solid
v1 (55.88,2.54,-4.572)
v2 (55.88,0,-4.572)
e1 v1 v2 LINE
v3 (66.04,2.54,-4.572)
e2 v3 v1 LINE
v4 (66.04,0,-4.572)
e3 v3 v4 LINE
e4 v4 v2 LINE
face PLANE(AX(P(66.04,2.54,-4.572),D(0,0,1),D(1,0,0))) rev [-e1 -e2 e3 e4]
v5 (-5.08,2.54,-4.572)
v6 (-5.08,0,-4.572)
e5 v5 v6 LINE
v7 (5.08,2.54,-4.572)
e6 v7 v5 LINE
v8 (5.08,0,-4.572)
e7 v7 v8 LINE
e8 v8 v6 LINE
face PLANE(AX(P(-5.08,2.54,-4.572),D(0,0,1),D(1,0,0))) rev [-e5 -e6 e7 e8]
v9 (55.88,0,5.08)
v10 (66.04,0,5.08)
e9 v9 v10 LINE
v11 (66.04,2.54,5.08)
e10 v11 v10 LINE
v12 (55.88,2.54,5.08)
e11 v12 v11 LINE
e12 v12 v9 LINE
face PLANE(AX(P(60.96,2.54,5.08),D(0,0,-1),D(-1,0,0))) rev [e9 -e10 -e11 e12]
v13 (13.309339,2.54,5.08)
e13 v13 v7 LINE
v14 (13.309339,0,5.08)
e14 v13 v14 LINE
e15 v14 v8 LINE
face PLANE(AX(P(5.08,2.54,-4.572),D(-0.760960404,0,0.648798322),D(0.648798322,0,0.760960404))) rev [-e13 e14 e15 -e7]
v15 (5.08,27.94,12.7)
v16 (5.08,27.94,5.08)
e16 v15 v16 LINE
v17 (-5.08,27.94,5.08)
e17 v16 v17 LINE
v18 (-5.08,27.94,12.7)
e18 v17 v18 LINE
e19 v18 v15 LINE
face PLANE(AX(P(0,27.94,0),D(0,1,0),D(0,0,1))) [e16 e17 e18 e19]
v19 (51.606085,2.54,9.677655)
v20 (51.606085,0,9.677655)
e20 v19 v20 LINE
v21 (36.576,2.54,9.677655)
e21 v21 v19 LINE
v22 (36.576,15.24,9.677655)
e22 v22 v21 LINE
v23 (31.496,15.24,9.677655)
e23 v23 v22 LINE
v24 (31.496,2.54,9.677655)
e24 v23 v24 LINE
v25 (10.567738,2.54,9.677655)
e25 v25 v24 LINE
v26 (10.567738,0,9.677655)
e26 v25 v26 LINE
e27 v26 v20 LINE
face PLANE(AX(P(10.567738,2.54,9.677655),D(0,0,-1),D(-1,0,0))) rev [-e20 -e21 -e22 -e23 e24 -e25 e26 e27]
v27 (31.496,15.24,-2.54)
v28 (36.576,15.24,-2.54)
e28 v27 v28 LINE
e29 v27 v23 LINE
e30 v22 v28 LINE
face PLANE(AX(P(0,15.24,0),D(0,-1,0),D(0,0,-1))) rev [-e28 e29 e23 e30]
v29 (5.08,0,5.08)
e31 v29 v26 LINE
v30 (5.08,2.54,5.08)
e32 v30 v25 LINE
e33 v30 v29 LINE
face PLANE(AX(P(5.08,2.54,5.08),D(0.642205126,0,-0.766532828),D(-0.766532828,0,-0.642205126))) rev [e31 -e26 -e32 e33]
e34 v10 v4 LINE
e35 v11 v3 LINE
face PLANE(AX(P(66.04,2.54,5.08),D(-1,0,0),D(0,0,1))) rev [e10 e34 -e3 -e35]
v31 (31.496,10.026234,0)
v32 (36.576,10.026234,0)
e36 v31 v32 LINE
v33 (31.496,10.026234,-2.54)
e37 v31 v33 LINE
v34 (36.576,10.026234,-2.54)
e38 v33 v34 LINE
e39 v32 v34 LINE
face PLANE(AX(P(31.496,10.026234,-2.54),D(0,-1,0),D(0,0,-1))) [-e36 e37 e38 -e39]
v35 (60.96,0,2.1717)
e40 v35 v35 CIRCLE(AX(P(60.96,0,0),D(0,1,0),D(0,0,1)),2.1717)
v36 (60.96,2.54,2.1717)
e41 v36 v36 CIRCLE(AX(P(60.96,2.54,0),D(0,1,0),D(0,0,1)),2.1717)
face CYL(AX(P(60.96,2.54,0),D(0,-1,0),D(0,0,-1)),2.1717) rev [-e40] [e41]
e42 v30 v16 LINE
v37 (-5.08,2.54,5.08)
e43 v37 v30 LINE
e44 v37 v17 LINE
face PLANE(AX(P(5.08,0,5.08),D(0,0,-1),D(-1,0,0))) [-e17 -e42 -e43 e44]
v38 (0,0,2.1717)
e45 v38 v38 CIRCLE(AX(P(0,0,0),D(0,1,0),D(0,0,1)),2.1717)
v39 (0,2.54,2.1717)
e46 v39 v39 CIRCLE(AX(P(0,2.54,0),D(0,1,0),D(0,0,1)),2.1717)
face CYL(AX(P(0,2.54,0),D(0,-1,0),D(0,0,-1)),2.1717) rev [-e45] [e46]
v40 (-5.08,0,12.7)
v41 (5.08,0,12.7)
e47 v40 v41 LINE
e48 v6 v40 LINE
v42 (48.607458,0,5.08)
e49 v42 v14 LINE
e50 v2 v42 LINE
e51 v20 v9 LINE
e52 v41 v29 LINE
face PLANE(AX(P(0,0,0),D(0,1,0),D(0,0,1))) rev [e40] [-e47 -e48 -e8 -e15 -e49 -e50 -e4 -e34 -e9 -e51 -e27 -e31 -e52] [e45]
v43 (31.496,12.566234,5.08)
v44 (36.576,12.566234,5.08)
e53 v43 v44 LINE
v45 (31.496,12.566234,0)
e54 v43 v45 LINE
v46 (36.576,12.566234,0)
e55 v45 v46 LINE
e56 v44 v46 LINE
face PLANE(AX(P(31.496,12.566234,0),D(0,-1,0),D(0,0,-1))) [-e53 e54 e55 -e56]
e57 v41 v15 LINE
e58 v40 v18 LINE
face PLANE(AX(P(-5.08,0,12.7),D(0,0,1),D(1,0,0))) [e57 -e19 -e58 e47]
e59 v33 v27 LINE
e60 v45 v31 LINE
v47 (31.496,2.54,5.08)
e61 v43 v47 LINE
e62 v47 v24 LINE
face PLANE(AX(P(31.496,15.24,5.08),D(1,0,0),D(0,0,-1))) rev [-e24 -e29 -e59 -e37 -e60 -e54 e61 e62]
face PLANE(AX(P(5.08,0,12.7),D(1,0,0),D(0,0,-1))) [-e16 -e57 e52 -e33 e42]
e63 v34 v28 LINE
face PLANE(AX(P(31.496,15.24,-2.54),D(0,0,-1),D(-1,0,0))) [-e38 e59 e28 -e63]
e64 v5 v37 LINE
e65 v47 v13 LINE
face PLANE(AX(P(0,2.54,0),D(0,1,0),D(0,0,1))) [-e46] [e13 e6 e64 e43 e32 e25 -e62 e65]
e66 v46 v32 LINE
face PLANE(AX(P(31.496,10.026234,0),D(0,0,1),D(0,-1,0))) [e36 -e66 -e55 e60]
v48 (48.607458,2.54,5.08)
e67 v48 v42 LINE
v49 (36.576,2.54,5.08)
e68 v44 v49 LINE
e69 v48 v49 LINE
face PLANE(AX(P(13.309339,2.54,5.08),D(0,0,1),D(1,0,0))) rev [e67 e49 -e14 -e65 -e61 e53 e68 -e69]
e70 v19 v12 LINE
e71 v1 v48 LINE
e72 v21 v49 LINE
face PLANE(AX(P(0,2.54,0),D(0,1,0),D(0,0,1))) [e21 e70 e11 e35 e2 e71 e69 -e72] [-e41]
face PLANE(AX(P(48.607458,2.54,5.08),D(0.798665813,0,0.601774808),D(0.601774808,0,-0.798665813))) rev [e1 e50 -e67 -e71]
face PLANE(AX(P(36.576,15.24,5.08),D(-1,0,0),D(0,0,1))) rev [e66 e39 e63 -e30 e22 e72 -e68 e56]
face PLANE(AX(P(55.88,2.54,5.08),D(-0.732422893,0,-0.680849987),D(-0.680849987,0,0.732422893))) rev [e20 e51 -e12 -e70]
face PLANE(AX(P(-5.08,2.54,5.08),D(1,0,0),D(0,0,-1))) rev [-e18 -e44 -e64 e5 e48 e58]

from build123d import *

# Parameters (mm, degrees)
SKETCH1_R                = 2.1717
BOSS_EXTRUDE1_DEPTH      = 2.54
BOSS_EXTRUDE2_DEPTH      = 25.4
BOSS_EXTRUDE2_DEPTH_BACK = 2.54
SKETCH2_W                = 10.16
SKETCH2_H                = 7.62
SKETCH3_W                = 5.08
SKETCH3_H                = 4.597654895
BOSS_EXTRUDE3_DEPTH      = 12.7
BOSS_EXTRUDE4_DEPTH      = 5.08


with BuildPart() as part:
    # Sketch1 → Boss-Extrude1 (new body)
    with BuildSketch(Plane(origin=(0, 0, 0), x_dir=(1, 0, 0), z_dir=(0, 1, 0))):
        Polygon((0, -5.08), (-5.08, -5.08), (-5.08, 4.572), (5.08, 4.572), (13.309339364, -5.08), (48.607458274, -5.08), (55.88, 4.572), (66.04, 4.572), (66.04, -5.08), (60.96, -5.08), (55.88, -5.08), (51.60608488, -9.677654895), (10.567737895, -9.677654895), (5.08, -5.08), align=None)
        with Locations(Location((0, 0, 0), (0, 0, 270))):
            Circle(SKETCH1_R, mode=Mode.SUBTRACT)
        with Locations(Location((60.96, 0, 0), (0, 0, 270))):
            Circle(SKETCH1_R, mode=Mode.SUBTRACT)
    extrude(amount=BOSS_EXTRUDE1_DEPTH)

    # Sketch2 → Boss-Extrude2 (add, two sides: drawn at the far end of the back side and taken through both)
    with BuildSketch(Plane(origin=(0, 2.54, 0), x_dir=(1, 0, 0), z_dir=(0, 1, 0)).offset(-BOSS_EXTRUDE2_DEPTH_BACK)):
        with Locations((0, -8.89)):
            Rectangle(SKETCH2_W, SKETCH2_H)
    extrude(amount=BOSS_EXTRUDE2_DEPTH + BOSS_EXTRUDE2_DEPTH_BACK)

    # Sketch3 → Boss-Extrude3 (add)
    with BuildSketch(Plane(origin=(0, 2.54, 0), x_dir=(1, 0, 0), z_dir=(0, 1, 0))):
        with Locations((34.036, -7.378827447)):
            Rectangle(SKETCH3_W, SKETCH3_H)
    extrude(amount=BOSS_EXTRUDE3_DEPTH)

    # Sketch4 → Boss-Extrude4 (add)
    with BuildSketch(Plane(origin=(36.576, 0, 0), x_dir=(0, 0, -1), z_dir=(1, 0, 0))):
        Polygon((-5.08, 15.24), (2.54, 15.24), (2.54, 10.026233787), (0, 10.026233787), (0, 12.566233787), (-5.08, 12.566233787), align=None)
    extrude(amount=-BOSS_EXTRUDE4_DEPTH)


solid = part.part
